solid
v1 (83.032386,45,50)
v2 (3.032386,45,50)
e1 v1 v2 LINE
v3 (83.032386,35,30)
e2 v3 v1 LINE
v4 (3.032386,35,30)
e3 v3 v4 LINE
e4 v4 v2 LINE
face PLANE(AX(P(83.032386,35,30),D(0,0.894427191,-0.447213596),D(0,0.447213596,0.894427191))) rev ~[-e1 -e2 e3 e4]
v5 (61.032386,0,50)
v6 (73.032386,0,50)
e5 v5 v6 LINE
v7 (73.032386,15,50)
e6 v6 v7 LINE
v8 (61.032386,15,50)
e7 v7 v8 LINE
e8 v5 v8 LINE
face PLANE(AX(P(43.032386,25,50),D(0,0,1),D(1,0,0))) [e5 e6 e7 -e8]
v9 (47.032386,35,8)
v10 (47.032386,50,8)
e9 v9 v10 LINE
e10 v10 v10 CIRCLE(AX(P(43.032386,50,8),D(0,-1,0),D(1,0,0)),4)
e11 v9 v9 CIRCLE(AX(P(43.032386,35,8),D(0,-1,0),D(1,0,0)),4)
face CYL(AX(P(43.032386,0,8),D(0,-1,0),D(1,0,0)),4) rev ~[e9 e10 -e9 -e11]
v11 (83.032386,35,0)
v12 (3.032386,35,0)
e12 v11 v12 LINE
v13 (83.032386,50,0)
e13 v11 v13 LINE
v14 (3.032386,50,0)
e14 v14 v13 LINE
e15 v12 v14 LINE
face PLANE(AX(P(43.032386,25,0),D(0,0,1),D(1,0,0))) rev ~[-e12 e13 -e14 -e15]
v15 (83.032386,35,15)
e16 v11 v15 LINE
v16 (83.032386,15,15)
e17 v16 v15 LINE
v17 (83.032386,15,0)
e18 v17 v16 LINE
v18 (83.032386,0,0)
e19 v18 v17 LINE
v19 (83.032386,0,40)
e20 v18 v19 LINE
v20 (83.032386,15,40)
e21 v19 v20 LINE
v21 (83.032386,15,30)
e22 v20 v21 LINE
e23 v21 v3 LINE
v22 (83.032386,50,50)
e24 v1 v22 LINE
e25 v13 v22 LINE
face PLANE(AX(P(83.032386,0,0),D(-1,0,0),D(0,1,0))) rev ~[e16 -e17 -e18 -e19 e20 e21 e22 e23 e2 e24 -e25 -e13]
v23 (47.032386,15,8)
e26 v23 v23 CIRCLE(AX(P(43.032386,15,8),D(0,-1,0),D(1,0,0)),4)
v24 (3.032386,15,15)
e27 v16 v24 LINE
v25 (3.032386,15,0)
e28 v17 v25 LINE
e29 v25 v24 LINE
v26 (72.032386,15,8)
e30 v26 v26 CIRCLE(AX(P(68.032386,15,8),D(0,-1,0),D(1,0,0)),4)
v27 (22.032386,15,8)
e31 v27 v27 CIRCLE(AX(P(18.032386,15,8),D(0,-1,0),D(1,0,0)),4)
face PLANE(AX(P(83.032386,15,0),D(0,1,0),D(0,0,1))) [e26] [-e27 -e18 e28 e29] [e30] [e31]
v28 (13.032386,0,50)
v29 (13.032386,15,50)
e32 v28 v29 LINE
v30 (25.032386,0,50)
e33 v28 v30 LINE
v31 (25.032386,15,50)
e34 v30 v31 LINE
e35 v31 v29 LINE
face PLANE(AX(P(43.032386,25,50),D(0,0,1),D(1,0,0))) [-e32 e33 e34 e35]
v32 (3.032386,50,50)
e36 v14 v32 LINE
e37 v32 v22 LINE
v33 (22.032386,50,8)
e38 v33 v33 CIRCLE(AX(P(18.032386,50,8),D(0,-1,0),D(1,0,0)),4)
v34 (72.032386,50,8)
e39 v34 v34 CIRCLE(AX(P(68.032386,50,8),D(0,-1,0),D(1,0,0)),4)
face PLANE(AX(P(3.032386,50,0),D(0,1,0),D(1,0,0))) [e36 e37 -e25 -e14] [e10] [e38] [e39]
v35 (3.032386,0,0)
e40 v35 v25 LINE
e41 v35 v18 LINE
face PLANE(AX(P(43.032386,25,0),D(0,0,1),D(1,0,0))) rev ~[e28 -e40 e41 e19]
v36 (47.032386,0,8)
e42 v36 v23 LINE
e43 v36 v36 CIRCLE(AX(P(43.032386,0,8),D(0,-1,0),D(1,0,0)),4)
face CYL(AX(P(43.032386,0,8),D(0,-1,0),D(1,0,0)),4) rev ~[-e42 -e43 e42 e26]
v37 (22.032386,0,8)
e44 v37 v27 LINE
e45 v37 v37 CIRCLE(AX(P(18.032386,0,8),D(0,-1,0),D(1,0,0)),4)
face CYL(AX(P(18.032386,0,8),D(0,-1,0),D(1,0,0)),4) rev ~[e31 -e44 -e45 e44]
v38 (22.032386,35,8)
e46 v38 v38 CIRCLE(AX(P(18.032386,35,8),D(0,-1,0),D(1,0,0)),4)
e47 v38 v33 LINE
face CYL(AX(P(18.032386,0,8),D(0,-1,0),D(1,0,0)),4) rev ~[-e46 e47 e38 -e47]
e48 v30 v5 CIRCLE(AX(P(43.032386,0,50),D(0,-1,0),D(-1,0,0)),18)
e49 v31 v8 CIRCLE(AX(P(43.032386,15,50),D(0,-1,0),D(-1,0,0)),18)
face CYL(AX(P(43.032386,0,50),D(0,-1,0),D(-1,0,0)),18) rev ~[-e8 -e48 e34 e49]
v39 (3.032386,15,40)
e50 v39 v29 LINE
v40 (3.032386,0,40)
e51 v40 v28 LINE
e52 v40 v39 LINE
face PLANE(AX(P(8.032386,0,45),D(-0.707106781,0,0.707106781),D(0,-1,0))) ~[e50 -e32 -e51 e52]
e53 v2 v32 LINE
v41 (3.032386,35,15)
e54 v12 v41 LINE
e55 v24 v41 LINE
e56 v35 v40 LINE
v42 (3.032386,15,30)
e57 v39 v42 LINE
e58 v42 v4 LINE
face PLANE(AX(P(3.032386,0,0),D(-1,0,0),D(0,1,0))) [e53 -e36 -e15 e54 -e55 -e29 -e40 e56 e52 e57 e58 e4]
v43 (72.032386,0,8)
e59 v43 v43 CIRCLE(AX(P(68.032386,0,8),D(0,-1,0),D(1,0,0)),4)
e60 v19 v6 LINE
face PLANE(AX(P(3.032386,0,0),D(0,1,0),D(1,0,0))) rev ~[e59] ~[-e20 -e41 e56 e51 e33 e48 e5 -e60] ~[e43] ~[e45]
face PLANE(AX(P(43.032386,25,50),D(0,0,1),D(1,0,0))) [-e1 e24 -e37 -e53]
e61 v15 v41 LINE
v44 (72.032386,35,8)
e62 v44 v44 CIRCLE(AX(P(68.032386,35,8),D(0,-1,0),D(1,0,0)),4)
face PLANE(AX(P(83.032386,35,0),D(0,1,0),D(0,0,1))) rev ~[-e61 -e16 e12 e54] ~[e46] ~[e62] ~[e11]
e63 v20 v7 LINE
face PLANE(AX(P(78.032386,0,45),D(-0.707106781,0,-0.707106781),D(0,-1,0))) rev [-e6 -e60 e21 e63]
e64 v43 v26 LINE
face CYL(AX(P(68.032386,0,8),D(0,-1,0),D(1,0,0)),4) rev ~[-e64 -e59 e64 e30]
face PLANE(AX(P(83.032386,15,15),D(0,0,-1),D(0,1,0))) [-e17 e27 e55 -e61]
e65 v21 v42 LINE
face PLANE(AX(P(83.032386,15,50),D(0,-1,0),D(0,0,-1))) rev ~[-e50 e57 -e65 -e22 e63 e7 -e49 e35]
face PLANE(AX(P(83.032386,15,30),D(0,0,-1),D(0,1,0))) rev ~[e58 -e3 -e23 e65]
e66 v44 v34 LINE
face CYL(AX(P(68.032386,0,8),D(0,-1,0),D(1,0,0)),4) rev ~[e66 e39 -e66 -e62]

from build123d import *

# Parameters (mm, degrees)
F0_W      = 80
F0_H      = 50
F1_DEPTH  = 50
F2_W      = 20
F2_H      = 15
F3_DEPTH  = 80
F5_DEPTH  = 80
F7_DEPTH  = 25
F8_SIZE   = 10
F9_SIZE   = 10
F10_R     = 4
F11_DEPTH = 50


with BuildPart() as f1:
    # F0 (on Top) → F1 (new body)
    with BuildSketch(Plane.XY):
        with Locations((43.0323862381, 25)):
            Rectangle(F0_W, F0_H)
    extrude(amount=F1_DEPTH)

    # F2 (on face) → F3 (cut)
    with BuildSketch(Plane.YZ.offset(83.0323862381)):
        with Locations((25, 7.5)):
            Rectangle(F2_W, F2_H)
    extrude(amount=-F3_DEPTH, mode=Mode.SUBTRACT)

    # F4 (on face) → F5 (cut)
    with BuildSketch(Plane.YZ.offset(83.0323862381)):
        Polygon((45, 50), (15, 50), (15, 30), (35, 30), align=None)
    extrude(amount=-F5_DEPTH, mode=Mode.SUBTRACT)

    # F6 (on face) → F7 (cut)
    with BuildSketch(Plane.XZ):
        with BuildLine():
            Line((61.0323862381, 50), (25.0323862381, 50))
            ThreePointArc((25.0323862381, 50), (43.0323862381, 32), (61.0323862381, 50))
        make_face()
    extrude(amount=-F7_DEPTH, mode=Mode.SUBTRACT)

    # F8
    f8_edges = [f1.edges().sort_by_distance(p)[0] for p in [
        (83.032386, 7.5, 50),
    ]]
    chamfer(f8_edges, length=F8_SIZE)

    # F9
    f9_edges = [f1.edges().sort_by_distance(p)[0] for p in [
        (3.032386, 7.5, 50),
    ]]
    chamfer(f9_edges, length=F9_SIZE)

    # F10 (on face) → F11 (cut)
    with BuildSketch(Plane.XZ):
        with Locations((18.0323862381, 8)):
            Circle(F10_R)
        with Locations((43.0323862381, 8)):
            Circle(F10_R)
        with Locations((68.0323862381, 8)):
            Circle(F10_R)
    extrude(amount=-F11_DEPTH, mode=Mode.SUBTRACT)


solid = f1.part
